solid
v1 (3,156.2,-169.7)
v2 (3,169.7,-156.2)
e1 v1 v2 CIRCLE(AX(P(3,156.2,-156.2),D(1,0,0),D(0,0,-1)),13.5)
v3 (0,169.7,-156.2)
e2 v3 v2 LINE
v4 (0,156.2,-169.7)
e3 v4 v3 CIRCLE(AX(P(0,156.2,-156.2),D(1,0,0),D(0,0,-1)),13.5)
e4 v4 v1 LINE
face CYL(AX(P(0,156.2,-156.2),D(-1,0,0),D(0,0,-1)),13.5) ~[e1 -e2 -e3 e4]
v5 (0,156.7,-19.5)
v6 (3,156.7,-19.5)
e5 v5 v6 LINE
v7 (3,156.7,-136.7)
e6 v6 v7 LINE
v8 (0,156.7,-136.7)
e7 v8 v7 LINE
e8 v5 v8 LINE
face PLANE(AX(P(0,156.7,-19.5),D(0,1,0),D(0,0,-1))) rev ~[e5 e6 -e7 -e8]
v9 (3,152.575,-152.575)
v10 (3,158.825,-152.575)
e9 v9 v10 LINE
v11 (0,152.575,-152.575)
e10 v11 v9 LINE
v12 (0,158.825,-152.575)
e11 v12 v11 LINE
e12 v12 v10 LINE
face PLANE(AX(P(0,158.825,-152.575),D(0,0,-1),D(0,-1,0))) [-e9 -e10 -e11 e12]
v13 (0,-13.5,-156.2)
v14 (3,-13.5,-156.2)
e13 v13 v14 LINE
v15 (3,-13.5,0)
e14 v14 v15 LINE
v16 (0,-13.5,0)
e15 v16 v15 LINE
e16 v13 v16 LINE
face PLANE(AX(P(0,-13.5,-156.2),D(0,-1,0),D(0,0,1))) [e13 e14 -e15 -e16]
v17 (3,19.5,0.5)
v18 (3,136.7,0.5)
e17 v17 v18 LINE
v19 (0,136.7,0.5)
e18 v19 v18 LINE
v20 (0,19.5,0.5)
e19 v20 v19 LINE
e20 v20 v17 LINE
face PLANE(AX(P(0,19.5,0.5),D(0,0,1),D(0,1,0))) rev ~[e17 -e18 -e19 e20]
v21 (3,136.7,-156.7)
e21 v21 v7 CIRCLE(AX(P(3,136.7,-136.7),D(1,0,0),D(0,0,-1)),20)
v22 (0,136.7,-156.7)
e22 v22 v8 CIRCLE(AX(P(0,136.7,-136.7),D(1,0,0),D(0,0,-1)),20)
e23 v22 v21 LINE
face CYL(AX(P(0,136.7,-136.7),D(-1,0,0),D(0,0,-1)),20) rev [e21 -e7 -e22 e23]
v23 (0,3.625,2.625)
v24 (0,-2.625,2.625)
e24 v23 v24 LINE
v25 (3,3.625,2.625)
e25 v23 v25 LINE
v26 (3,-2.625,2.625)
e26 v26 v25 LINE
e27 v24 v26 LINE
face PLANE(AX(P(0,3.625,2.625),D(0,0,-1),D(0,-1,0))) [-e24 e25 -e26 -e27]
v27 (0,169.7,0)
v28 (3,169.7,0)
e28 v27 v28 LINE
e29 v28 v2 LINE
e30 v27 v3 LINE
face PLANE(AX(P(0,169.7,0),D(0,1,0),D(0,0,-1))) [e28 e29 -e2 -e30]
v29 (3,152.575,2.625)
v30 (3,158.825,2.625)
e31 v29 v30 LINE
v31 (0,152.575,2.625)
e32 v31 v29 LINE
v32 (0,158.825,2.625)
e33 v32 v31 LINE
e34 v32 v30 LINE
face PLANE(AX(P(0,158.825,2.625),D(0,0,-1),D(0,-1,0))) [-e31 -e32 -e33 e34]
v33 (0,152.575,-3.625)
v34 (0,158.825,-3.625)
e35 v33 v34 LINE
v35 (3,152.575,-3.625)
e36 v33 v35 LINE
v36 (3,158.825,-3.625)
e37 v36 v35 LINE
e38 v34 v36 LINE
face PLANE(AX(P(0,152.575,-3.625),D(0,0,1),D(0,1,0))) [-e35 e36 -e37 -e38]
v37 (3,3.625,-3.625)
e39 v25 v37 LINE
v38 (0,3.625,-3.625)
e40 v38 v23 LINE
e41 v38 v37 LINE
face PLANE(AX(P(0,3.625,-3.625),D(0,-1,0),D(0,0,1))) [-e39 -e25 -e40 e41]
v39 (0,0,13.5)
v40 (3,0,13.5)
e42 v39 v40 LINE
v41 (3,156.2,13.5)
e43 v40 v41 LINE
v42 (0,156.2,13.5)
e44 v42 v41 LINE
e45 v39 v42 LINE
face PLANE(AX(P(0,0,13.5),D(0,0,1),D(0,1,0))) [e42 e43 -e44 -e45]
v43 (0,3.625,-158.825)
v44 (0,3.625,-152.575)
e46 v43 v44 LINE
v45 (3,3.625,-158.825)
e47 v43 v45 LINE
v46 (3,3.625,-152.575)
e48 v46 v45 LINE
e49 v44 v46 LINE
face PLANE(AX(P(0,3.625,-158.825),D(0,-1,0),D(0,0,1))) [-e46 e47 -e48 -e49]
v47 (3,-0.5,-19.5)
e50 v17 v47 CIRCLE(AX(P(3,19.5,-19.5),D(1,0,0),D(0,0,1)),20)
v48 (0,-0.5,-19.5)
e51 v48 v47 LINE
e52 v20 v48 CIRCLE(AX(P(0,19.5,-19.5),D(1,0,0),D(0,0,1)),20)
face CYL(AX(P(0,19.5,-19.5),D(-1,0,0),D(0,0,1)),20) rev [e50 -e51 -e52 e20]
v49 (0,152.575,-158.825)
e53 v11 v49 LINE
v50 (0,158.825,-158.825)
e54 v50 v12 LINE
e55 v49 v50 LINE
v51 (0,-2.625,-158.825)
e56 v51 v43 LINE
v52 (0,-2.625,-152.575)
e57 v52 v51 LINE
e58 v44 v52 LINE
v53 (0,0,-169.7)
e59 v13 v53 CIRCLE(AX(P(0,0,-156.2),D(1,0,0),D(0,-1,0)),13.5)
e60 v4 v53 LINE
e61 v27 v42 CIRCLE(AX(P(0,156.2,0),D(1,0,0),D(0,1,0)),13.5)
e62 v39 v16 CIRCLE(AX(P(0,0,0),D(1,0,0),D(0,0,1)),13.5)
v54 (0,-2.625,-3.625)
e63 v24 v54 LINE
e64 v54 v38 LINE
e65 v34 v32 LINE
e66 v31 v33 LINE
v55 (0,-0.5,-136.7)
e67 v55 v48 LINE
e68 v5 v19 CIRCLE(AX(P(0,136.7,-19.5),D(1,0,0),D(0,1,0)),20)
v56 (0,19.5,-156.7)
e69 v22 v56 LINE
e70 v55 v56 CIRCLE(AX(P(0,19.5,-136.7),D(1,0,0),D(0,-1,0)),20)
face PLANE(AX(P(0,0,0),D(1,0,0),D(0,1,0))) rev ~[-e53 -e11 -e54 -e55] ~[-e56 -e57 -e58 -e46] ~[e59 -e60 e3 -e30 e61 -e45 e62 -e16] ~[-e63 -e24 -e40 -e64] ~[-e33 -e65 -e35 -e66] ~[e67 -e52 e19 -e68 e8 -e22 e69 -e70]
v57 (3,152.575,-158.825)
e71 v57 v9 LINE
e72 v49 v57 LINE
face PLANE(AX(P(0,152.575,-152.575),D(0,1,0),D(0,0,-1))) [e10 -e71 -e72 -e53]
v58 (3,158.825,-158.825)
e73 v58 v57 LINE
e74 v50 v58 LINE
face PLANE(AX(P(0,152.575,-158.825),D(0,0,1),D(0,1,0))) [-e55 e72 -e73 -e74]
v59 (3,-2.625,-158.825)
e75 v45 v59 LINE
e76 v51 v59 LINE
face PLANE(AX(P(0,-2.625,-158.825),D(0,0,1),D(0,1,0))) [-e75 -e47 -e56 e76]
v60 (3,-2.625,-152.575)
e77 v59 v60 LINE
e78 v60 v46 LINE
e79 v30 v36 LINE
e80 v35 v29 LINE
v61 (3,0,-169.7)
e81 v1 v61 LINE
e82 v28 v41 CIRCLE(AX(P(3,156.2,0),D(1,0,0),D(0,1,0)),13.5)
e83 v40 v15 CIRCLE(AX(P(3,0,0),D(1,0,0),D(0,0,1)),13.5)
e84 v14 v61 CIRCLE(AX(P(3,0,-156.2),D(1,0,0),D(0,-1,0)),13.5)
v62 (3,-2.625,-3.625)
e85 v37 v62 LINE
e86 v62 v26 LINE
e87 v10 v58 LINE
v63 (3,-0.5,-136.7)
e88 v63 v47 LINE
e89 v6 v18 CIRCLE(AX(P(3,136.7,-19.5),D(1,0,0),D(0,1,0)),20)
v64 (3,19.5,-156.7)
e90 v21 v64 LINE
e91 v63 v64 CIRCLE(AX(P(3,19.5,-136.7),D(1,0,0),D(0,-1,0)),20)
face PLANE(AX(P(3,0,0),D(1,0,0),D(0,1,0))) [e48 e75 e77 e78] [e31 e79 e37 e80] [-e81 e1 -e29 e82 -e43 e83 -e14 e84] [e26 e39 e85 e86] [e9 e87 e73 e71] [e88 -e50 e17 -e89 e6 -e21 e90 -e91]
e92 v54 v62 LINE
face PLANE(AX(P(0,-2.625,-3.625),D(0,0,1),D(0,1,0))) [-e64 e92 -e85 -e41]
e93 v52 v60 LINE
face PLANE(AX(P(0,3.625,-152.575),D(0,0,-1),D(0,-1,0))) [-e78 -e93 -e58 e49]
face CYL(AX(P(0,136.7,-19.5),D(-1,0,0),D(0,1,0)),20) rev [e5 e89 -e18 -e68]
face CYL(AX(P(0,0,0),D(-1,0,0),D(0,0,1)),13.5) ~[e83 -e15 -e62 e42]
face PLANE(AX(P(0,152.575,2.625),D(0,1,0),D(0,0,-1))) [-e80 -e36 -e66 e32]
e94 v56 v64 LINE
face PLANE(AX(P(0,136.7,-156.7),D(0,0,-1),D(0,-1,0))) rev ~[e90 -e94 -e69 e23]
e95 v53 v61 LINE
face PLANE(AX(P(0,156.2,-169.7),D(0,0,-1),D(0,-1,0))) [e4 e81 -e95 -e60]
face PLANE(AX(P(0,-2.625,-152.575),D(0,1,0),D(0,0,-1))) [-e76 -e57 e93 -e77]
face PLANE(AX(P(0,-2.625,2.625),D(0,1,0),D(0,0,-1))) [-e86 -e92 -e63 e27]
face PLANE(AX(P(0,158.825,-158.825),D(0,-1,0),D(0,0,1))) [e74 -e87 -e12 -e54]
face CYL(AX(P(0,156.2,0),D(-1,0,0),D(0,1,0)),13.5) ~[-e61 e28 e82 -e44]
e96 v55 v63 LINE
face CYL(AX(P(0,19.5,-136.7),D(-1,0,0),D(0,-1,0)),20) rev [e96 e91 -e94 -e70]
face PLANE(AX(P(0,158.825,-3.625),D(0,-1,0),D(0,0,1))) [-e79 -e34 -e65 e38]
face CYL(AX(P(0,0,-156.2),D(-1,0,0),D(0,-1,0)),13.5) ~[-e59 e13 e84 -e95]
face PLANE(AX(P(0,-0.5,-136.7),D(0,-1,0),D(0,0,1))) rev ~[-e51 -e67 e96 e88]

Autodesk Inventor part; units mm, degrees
ref_plane "YZ Plane" through (0, 0, 0) normal (1, 0, 0) x (0, 1, 0)
ref_plane "XZ Plane" through (0, 0, 0) normal (0, 1, 0) x (-1, 0, 0)
ref_plane "XY Plane" through (0, 0, 0) normal (0, 0, 1) x (1, 0, 0)
sketch "Sketch1" plane through (0, 0, 0) normal (1, 0, 0) x (0, 1, 0)
  line L0 (0, 13.5) -> (156.2, 13.5)
  line L1 (169.7, 0) -> (169.7, -156.2)
  line L2 (156.2, -169.7) -> (0, -169.7)
  line L3 (-13.5, -156.2) -> (-13.5, 0)
  arc A0 (169.7, 0) -> (156.2, 13.5) centre (156.2, 0) ccw
  arc A1 (156.2, -169.7) -> (169.7, -156.2) centre (156.2, -156.2) ccw
  arc A2 (-13.5, -156.2) -> (0, -169.7) centre (0, -156.2) ccw
  arc A3 (0, 13.5) -> (-13.5, 0) centre (0, 0) ccw
  line L4 (19.5, 0.5) -> (136.7, 0.5)
  line L5 (156.7, -19.5) -> (156.7, -136.7)
  line L6 (136.7, -156.7) -> (19.5, -156.7)
  line L7 (-0.5, -136.7) -> (-0.5, -19.5)
  arc A4 (19.5, 0.5) -> (-0.5, -19.5) centre (19.5, -19.5) ccw
  arc A5 (-0.5, -136.7) -> (19.5, -156.7) centre (19.5, -136.7) ccw
  arc A6 (136.7, -156.7) -> (156.7, -136.7) centre (136.7, -136.7) ccw
  arc A7 (156.7, -19.5) -> (136.7, 0.5) centre (136.7, -19.5) ccw
  dimension "d0" = 13.5
  dimension "d1" = 183.2
  dimension "d2" = 183.2
  dimension "d15" = 13
  dimension "d16" = 13
  dimension "d17" = 13
  dimension "d18" = 13
  dimension "d19" = 20
extrude "Extrusion1" add sketch "Sketch1" along normal blind 3
sketch "Sketch2" plane through (0, 0, 0) normal (-1, 0, 0) x (0, 0, 1)
  line L0 (-0.5, 155.7) -> (-155.7, 155.7) construction
  line L1 (-155.7, 155.7) -> (-155.7, 0.5) construction
  line L2 (-155.7, 0.5) -> (-0.5, 0.5) construction
  line L3 (-0.5, 0.5) -> (-0.5, 155.7) construction
  line L4 (2.625, 152.575) -> (-3.625, 152.575)
  line L5 (-3.625, 152.575) -> (-3.625, 158.825)
  line L6 (-3.625, 158.825) -> (2.625, 158.825)
  line L7 (2.625, 158.825) -> (2.625, 152.575)
  line L8 (2.625, 152.575) -> (-3.625, 158.825) construction
  line L9 (-3.625, 152.575) -> (2.625, 158.825) construction
  line L10 (-3.625, 3.625) -> (2.625, 3.625)
  line L11 (2.625, 3.625) -> (2.625, -2.625)
  line L12 (2.625, -2.625) -> (-3.625, -2.625)
  line L13 (-3.625, -2.625) -> (-3.625, 3.625)
  line L14 (-3.625, 3.625) -> (2.625, -2.625) construction
  line L15 (2.625, 3.625) -> (-3.625, -2.625) construction
  line L16 (-158.825, 3.625) -> (-152.575, 3.625)
  line L17 (-152.575, 3.625) -> (-152.575, -2.625)
  line L18 (-152.575, -2.625) -> (-158.825, -2.625)
  line L19 (-158.825, -2.625) -> (-158.825, 3.625)
  line L20 (-158.825, 3.625) -> (-152.575, -2.625) construction
  line L21 (-152.575, 3.625) -> (-158.825, -2.625) construction
  line L22 (-152.575, 152.575) -> (-158.825, 152.575)
  line L23 (-158.825, 152.575) -> (-158.825, 158.825)
  line L24 (-158.825, 158.825) -> (-152.575, 158.825)
  line L25 (-152.575, 158.825) -> (-152.575, 152.575)
  line L26 (-152.575, 152.575) -> (-158.825, 158.825) construction
  line L27 (-158.825, 152.575) -> (-152.575, 158.825) construction
  line L28 (-156.2, -13.5) -> (0, -13.5) projected
  line L29 (13.5, 0) -> (13.5, 156.2) projected
  line L30 (0, 169.7) -> (-156.2, 169.7) projected
  line L31 (-169.7, 156.2) -> (-169.7, 0) projected
  point P0 (0, 0)
  dimension "d20" = 6.25
  dimension "d21" = 6.25
  dimension "d22" = 14
  dimension "d23" = 14
  dimension "d24" = 14
  dimension "d25" = 14
extrude "Extrusion2" cut sketch "Sketch2" against normal blind 10
equation "\"d1\" = d2"
equation "\"d16\" = d15"
equation "\"d17\" = d15"
equation "\"d18\" = d15"
equation "\"d22\" = d23"
equation "\"d24\" = d23"
equation "\"d25\" = d23"
properties part number "FrontPanelSquishything"
